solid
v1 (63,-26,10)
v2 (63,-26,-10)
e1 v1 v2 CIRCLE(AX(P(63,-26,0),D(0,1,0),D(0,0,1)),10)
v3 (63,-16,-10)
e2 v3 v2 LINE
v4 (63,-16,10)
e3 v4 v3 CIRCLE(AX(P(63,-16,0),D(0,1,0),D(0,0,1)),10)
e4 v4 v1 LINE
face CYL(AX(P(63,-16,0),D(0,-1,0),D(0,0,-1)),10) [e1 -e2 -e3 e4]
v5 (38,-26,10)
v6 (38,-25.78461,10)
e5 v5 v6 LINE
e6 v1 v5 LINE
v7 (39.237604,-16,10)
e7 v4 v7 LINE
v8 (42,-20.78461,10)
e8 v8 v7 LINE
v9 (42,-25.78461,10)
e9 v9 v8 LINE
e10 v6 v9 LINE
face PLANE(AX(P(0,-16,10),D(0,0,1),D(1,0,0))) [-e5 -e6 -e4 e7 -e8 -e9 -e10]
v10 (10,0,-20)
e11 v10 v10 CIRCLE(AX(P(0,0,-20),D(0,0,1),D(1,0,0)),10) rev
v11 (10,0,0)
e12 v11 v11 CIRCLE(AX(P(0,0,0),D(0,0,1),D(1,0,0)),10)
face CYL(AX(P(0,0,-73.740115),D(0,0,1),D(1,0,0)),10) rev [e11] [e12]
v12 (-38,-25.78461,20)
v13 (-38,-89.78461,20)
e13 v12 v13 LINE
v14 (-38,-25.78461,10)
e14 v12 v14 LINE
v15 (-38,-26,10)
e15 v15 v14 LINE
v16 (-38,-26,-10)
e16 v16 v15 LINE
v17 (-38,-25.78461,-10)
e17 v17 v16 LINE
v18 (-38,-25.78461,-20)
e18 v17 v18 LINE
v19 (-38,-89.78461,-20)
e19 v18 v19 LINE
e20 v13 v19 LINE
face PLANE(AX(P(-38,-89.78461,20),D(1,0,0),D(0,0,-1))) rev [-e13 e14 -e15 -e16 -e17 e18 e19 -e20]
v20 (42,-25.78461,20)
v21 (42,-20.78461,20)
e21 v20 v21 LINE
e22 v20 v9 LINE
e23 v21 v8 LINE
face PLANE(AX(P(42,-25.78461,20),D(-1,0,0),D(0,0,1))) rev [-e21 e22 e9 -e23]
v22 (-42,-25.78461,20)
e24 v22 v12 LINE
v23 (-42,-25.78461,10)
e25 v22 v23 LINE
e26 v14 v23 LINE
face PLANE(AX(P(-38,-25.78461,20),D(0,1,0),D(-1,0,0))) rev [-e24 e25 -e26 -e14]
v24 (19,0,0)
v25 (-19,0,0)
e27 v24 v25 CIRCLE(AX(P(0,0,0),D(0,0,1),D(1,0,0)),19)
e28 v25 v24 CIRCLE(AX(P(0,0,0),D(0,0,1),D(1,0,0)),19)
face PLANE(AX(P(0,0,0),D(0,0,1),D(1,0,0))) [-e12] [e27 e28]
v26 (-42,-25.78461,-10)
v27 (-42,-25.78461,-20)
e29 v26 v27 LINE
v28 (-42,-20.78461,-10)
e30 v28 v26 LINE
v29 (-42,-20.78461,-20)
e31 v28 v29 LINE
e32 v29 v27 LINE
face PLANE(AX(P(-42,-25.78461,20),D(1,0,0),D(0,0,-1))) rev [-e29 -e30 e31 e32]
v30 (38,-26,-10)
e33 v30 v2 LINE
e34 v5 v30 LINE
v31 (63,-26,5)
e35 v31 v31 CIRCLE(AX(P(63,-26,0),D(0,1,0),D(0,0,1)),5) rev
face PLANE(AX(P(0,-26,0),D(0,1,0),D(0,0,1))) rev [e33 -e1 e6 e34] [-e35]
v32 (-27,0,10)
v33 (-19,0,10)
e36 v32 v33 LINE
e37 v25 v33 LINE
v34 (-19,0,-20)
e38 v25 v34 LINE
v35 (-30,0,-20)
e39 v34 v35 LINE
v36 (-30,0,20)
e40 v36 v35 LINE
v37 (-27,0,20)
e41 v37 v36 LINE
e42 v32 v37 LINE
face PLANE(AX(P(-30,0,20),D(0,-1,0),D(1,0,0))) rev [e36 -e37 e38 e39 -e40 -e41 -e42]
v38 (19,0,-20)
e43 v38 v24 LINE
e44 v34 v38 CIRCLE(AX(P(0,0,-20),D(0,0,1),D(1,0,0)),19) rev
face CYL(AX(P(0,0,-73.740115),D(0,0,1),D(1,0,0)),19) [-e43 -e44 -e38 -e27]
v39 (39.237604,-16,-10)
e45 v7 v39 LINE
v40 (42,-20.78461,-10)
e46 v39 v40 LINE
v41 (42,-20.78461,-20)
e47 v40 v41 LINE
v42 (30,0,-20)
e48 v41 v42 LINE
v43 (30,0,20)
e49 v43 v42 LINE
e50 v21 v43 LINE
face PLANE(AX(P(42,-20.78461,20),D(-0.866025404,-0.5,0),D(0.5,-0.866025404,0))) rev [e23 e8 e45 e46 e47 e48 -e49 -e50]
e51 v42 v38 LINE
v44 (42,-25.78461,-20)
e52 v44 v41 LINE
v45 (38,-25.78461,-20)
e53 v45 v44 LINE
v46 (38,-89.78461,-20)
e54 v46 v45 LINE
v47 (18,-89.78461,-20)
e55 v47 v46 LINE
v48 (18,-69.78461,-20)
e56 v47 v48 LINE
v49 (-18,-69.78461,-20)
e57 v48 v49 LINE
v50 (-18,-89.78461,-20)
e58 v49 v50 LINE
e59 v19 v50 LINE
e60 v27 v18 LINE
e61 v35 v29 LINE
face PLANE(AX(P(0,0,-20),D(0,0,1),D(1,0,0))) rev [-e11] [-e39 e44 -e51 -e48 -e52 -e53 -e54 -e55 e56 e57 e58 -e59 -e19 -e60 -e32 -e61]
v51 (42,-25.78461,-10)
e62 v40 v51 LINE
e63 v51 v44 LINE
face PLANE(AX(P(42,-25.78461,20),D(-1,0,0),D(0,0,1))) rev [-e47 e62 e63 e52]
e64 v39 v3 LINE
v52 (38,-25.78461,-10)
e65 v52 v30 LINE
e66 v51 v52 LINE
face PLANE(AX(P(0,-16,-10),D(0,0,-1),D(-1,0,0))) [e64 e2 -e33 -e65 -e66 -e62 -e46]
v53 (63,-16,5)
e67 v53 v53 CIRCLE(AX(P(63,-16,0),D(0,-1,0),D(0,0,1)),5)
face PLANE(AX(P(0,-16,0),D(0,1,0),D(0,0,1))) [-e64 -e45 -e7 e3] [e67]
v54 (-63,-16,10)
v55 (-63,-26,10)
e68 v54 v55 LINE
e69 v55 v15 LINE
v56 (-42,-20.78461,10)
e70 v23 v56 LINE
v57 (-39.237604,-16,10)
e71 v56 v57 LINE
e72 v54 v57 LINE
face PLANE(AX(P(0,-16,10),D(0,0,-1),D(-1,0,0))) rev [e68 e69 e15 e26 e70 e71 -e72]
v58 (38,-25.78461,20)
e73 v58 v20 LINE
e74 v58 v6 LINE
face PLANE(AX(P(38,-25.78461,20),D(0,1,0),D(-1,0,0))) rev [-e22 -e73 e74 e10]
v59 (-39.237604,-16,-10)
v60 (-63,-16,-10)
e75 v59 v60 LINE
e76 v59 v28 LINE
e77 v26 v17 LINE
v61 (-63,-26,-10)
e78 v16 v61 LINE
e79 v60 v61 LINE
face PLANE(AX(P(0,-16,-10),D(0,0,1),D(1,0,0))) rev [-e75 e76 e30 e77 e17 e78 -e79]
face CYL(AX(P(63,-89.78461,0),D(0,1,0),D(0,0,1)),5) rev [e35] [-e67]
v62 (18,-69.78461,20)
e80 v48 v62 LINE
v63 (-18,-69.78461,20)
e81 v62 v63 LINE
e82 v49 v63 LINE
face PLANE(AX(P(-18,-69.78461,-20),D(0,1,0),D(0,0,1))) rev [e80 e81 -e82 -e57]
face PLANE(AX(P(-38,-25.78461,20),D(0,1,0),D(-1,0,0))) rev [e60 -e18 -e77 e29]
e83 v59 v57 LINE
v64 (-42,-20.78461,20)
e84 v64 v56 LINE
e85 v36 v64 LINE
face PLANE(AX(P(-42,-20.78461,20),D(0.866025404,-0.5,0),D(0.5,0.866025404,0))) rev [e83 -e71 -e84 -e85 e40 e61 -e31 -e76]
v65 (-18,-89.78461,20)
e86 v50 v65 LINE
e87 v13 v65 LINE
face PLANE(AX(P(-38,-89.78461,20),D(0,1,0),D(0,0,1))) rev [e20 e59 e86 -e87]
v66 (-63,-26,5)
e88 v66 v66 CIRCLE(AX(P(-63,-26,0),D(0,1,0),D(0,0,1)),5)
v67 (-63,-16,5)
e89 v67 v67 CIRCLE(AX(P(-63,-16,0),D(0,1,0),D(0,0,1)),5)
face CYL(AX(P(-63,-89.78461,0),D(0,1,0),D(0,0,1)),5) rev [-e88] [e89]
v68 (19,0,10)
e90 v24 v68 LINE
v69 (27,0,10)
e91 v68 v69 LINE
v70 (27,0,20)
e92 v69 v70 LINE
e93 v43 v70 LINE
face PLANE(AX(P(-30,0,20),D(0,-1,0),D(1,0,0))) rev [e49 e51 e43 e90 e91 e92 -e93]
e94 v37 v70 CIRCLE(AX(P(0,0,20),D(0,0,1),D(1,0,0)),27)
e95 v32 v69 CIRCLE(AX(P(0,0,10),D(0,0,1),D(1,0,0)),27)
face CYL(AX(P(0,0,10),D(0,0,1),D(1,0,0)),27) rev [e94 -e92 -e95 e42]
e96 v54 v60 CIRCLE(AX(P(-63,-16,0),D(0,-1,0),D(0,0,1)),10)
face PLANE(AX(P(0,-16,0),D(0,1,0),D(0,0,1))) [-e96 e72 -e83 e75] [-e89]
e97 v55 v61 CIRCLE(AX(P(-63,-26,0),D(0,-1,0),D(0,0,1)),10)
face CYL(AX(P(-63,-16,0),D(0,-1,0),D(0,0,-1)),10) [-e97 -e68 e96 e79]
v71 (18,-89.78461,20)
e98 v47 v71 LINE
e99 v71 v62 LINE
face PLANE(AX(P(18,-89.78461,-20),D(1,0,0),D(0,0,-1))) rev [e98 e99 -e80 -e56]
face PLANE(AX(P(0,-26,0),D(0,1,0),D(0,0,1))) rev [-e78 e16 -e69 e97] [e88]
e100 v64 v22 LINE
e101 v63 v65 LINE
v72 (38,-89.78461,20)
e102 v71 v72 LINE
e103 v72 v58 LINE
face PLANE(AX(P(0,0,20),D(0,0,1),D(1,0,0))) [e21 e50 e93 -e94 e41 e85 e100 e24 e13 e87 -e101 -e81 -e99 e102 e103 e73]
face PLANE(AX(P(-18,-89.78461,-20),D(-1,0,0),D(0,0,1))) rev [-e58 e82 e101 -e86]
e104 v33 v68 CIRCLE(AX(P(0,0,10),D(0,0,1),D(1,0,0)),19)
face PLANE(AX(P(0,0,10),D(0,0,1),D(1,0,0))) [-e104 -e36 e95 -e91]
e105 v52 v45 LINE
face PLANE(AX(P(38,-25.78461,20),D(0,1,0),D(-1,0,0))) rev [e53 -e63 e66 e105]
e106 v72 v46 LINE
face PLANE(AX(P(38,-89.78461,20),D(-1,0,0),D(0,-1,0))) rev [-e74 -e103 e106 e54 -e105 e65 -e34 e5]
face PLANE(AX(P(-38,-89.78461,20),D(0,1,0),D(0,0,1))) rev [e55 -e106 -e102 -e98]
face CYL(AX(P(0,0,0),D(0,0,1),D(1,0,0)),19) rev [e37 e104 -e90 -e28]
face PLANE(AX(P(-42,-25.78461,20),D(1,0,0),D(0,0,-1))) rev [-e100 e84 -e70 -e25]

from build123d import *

# Parameters (mm, degrees)
BOSS_EXTRUDE1_DEPTH = 20
SKETCH2_W           = 36
SKETCH2_H           = 20
CUT_EXTRUDE1_DEPTH  = 107.88908334
CUT_EXTRUDE3_DEPTH  = 10
CUT_EXTRUDE5_DEPTH  = 10
SKETCH6_R           = 19
SKETCH6_R_2         = 10
BOSS_EXTRUDE2_DEPTH = 20
CUT_EXTRUDE6_DEPTH  = 102.120107483
BOSS_EXTRUDE3_START = -26
BOSS_EXTRUDE3_DEPTH = 10
SKETCH9_R           = 5
CUT_EXTRUDE7_DEPTH  = 106.703210108


with BuildPart() as part:
    # Sketch1 → Boss-Extrude1 (new, symmetric)
    with BuildSketch(Plane.XY):
        Polygon((38, -89.784609691), (38, -25.784609691), (42, -25.784609691), (42, -20.784609691), (30, 0), (-30, 0), (-42, -20.784609691), (-42, -25.784609691), (-38, -25.784609691), (-38, -89.784609691), align=None)
    extrude(amount=BOSS_EXTRUDE1_DEPTH, both=True)

    # Sketch2 → Cut-Extrude1 (cut, through all)
    with BuildSketch(Plane.XY.offset(20)):
        with Locations((0, -79.784609691)):
            Rectangle(SKETCH2_W, SKETCH2_H)
    extrude(amount=-CUT_EXTRUDE1_DEPTH, mode=Mode.SUBTRACT)

    # Sketch3 → Cut-Extrude3 (cut)
    with BuildSketch(Plane.XY.offset(20)):
        with BuildLine():
            Line((-27, 0), (27, 0))
            ThreePointArc((27, 0), (0, -27), (-27, 0))
        make_face()
    extrude(amount=-CUT_EXTRUDE3_DEPTH, mode=Mode.SUBTRACT)

    # Sketch5 → Cut-Extrude5 (cut)
    with BuildSketch(Plane.XY.offset(10)):
        with BuildLine():
            Line((-19, 0), (19, 0))
            ThreePointArc((19, 0), (0, -19), (-19, 0))
        make_face()
    extrude(amount=-CUT_EXTRUDE5_DEPTH, mode=Mode.SUBTRACT)

    # Sketch6 → Boss-Extrude2 (add)
    with BuildSketch(Plane.XY):
        Circle(SKETCH6_R)
        Circle(SKETCH6_R_2, mode=Mode.SUBTRACT)
    extrude(amount=-BOSS_EXTRUDE2_DEPTH)

    # Sketch6<2> → Cut-Extrude6 (cut, through all)
    with BuildSketch(Plane.XY):
        with BuildLine():
            Line((-10, 0), (10, 0))
            ThreePointArc((10, 0), (0, 10), (-10, 0))
        make_face()
        with BuildLine():
            ThreePointArc((-10, 0), (0, -10), (10, 0))
            Line((10, 0), (-10, 0))
        make_face()
    extrude(amount=-CUT_EXTRUDE6_DEPTH, mode=Mode.SUBTRACT)

    # Sketch8 → Boss-Extrude3 (add)
    with BuildSketch(Plane(origin=(0, 0, 0), x_dir=(1, 0, 0), z_dir=(0, 1, 0)).offset(BOSS_EXTRUDE3_START)):
        with BuildLine():
            Line((63, 10), (27, 10))
            Line((27, 10), (27, -10))
            Line((27, -10), (63, -10))
            ThreePointArc((63, -10), (73, 0), (63, 10))
        make_face()
    boss_extrude3 = extrude(amount=BOSS_EXTRUDE3_DEPTH)

    # Mirror1: Boss-Extrude3 across plane
    add(boss_extrude3.mirror(Plane(origin=(0, 0, 0), x_dir=(0, 0, 1), z_dir=(1, 0, 0))))

    # Sketch9 → Cut-Extrude7 (cut, through all)
    with BuildSketch(Plane(origin=(0, -16, 0), x_dir=(1, 0, 0), z_dir=(0, 1, 0))):
        with Locations(Location((-63, 0, 0), (0, 0, 270))):
            Circle(SKETCH9_R)
    cut_extrude7 = extrude(amount=-CUT_EXTRUDE7_DEPTH, mode=Mode.SUBTRACT)

    # Mirror2: Cut-Extrude7 across plane
    add(cut_extrude7.mirror(Plane(origin=(0, 0, 0), x_dir=(0, 0, 1), z_dir=(1, 0, 0))), mode=Mode.SUBTRACT)


solid = part.part
